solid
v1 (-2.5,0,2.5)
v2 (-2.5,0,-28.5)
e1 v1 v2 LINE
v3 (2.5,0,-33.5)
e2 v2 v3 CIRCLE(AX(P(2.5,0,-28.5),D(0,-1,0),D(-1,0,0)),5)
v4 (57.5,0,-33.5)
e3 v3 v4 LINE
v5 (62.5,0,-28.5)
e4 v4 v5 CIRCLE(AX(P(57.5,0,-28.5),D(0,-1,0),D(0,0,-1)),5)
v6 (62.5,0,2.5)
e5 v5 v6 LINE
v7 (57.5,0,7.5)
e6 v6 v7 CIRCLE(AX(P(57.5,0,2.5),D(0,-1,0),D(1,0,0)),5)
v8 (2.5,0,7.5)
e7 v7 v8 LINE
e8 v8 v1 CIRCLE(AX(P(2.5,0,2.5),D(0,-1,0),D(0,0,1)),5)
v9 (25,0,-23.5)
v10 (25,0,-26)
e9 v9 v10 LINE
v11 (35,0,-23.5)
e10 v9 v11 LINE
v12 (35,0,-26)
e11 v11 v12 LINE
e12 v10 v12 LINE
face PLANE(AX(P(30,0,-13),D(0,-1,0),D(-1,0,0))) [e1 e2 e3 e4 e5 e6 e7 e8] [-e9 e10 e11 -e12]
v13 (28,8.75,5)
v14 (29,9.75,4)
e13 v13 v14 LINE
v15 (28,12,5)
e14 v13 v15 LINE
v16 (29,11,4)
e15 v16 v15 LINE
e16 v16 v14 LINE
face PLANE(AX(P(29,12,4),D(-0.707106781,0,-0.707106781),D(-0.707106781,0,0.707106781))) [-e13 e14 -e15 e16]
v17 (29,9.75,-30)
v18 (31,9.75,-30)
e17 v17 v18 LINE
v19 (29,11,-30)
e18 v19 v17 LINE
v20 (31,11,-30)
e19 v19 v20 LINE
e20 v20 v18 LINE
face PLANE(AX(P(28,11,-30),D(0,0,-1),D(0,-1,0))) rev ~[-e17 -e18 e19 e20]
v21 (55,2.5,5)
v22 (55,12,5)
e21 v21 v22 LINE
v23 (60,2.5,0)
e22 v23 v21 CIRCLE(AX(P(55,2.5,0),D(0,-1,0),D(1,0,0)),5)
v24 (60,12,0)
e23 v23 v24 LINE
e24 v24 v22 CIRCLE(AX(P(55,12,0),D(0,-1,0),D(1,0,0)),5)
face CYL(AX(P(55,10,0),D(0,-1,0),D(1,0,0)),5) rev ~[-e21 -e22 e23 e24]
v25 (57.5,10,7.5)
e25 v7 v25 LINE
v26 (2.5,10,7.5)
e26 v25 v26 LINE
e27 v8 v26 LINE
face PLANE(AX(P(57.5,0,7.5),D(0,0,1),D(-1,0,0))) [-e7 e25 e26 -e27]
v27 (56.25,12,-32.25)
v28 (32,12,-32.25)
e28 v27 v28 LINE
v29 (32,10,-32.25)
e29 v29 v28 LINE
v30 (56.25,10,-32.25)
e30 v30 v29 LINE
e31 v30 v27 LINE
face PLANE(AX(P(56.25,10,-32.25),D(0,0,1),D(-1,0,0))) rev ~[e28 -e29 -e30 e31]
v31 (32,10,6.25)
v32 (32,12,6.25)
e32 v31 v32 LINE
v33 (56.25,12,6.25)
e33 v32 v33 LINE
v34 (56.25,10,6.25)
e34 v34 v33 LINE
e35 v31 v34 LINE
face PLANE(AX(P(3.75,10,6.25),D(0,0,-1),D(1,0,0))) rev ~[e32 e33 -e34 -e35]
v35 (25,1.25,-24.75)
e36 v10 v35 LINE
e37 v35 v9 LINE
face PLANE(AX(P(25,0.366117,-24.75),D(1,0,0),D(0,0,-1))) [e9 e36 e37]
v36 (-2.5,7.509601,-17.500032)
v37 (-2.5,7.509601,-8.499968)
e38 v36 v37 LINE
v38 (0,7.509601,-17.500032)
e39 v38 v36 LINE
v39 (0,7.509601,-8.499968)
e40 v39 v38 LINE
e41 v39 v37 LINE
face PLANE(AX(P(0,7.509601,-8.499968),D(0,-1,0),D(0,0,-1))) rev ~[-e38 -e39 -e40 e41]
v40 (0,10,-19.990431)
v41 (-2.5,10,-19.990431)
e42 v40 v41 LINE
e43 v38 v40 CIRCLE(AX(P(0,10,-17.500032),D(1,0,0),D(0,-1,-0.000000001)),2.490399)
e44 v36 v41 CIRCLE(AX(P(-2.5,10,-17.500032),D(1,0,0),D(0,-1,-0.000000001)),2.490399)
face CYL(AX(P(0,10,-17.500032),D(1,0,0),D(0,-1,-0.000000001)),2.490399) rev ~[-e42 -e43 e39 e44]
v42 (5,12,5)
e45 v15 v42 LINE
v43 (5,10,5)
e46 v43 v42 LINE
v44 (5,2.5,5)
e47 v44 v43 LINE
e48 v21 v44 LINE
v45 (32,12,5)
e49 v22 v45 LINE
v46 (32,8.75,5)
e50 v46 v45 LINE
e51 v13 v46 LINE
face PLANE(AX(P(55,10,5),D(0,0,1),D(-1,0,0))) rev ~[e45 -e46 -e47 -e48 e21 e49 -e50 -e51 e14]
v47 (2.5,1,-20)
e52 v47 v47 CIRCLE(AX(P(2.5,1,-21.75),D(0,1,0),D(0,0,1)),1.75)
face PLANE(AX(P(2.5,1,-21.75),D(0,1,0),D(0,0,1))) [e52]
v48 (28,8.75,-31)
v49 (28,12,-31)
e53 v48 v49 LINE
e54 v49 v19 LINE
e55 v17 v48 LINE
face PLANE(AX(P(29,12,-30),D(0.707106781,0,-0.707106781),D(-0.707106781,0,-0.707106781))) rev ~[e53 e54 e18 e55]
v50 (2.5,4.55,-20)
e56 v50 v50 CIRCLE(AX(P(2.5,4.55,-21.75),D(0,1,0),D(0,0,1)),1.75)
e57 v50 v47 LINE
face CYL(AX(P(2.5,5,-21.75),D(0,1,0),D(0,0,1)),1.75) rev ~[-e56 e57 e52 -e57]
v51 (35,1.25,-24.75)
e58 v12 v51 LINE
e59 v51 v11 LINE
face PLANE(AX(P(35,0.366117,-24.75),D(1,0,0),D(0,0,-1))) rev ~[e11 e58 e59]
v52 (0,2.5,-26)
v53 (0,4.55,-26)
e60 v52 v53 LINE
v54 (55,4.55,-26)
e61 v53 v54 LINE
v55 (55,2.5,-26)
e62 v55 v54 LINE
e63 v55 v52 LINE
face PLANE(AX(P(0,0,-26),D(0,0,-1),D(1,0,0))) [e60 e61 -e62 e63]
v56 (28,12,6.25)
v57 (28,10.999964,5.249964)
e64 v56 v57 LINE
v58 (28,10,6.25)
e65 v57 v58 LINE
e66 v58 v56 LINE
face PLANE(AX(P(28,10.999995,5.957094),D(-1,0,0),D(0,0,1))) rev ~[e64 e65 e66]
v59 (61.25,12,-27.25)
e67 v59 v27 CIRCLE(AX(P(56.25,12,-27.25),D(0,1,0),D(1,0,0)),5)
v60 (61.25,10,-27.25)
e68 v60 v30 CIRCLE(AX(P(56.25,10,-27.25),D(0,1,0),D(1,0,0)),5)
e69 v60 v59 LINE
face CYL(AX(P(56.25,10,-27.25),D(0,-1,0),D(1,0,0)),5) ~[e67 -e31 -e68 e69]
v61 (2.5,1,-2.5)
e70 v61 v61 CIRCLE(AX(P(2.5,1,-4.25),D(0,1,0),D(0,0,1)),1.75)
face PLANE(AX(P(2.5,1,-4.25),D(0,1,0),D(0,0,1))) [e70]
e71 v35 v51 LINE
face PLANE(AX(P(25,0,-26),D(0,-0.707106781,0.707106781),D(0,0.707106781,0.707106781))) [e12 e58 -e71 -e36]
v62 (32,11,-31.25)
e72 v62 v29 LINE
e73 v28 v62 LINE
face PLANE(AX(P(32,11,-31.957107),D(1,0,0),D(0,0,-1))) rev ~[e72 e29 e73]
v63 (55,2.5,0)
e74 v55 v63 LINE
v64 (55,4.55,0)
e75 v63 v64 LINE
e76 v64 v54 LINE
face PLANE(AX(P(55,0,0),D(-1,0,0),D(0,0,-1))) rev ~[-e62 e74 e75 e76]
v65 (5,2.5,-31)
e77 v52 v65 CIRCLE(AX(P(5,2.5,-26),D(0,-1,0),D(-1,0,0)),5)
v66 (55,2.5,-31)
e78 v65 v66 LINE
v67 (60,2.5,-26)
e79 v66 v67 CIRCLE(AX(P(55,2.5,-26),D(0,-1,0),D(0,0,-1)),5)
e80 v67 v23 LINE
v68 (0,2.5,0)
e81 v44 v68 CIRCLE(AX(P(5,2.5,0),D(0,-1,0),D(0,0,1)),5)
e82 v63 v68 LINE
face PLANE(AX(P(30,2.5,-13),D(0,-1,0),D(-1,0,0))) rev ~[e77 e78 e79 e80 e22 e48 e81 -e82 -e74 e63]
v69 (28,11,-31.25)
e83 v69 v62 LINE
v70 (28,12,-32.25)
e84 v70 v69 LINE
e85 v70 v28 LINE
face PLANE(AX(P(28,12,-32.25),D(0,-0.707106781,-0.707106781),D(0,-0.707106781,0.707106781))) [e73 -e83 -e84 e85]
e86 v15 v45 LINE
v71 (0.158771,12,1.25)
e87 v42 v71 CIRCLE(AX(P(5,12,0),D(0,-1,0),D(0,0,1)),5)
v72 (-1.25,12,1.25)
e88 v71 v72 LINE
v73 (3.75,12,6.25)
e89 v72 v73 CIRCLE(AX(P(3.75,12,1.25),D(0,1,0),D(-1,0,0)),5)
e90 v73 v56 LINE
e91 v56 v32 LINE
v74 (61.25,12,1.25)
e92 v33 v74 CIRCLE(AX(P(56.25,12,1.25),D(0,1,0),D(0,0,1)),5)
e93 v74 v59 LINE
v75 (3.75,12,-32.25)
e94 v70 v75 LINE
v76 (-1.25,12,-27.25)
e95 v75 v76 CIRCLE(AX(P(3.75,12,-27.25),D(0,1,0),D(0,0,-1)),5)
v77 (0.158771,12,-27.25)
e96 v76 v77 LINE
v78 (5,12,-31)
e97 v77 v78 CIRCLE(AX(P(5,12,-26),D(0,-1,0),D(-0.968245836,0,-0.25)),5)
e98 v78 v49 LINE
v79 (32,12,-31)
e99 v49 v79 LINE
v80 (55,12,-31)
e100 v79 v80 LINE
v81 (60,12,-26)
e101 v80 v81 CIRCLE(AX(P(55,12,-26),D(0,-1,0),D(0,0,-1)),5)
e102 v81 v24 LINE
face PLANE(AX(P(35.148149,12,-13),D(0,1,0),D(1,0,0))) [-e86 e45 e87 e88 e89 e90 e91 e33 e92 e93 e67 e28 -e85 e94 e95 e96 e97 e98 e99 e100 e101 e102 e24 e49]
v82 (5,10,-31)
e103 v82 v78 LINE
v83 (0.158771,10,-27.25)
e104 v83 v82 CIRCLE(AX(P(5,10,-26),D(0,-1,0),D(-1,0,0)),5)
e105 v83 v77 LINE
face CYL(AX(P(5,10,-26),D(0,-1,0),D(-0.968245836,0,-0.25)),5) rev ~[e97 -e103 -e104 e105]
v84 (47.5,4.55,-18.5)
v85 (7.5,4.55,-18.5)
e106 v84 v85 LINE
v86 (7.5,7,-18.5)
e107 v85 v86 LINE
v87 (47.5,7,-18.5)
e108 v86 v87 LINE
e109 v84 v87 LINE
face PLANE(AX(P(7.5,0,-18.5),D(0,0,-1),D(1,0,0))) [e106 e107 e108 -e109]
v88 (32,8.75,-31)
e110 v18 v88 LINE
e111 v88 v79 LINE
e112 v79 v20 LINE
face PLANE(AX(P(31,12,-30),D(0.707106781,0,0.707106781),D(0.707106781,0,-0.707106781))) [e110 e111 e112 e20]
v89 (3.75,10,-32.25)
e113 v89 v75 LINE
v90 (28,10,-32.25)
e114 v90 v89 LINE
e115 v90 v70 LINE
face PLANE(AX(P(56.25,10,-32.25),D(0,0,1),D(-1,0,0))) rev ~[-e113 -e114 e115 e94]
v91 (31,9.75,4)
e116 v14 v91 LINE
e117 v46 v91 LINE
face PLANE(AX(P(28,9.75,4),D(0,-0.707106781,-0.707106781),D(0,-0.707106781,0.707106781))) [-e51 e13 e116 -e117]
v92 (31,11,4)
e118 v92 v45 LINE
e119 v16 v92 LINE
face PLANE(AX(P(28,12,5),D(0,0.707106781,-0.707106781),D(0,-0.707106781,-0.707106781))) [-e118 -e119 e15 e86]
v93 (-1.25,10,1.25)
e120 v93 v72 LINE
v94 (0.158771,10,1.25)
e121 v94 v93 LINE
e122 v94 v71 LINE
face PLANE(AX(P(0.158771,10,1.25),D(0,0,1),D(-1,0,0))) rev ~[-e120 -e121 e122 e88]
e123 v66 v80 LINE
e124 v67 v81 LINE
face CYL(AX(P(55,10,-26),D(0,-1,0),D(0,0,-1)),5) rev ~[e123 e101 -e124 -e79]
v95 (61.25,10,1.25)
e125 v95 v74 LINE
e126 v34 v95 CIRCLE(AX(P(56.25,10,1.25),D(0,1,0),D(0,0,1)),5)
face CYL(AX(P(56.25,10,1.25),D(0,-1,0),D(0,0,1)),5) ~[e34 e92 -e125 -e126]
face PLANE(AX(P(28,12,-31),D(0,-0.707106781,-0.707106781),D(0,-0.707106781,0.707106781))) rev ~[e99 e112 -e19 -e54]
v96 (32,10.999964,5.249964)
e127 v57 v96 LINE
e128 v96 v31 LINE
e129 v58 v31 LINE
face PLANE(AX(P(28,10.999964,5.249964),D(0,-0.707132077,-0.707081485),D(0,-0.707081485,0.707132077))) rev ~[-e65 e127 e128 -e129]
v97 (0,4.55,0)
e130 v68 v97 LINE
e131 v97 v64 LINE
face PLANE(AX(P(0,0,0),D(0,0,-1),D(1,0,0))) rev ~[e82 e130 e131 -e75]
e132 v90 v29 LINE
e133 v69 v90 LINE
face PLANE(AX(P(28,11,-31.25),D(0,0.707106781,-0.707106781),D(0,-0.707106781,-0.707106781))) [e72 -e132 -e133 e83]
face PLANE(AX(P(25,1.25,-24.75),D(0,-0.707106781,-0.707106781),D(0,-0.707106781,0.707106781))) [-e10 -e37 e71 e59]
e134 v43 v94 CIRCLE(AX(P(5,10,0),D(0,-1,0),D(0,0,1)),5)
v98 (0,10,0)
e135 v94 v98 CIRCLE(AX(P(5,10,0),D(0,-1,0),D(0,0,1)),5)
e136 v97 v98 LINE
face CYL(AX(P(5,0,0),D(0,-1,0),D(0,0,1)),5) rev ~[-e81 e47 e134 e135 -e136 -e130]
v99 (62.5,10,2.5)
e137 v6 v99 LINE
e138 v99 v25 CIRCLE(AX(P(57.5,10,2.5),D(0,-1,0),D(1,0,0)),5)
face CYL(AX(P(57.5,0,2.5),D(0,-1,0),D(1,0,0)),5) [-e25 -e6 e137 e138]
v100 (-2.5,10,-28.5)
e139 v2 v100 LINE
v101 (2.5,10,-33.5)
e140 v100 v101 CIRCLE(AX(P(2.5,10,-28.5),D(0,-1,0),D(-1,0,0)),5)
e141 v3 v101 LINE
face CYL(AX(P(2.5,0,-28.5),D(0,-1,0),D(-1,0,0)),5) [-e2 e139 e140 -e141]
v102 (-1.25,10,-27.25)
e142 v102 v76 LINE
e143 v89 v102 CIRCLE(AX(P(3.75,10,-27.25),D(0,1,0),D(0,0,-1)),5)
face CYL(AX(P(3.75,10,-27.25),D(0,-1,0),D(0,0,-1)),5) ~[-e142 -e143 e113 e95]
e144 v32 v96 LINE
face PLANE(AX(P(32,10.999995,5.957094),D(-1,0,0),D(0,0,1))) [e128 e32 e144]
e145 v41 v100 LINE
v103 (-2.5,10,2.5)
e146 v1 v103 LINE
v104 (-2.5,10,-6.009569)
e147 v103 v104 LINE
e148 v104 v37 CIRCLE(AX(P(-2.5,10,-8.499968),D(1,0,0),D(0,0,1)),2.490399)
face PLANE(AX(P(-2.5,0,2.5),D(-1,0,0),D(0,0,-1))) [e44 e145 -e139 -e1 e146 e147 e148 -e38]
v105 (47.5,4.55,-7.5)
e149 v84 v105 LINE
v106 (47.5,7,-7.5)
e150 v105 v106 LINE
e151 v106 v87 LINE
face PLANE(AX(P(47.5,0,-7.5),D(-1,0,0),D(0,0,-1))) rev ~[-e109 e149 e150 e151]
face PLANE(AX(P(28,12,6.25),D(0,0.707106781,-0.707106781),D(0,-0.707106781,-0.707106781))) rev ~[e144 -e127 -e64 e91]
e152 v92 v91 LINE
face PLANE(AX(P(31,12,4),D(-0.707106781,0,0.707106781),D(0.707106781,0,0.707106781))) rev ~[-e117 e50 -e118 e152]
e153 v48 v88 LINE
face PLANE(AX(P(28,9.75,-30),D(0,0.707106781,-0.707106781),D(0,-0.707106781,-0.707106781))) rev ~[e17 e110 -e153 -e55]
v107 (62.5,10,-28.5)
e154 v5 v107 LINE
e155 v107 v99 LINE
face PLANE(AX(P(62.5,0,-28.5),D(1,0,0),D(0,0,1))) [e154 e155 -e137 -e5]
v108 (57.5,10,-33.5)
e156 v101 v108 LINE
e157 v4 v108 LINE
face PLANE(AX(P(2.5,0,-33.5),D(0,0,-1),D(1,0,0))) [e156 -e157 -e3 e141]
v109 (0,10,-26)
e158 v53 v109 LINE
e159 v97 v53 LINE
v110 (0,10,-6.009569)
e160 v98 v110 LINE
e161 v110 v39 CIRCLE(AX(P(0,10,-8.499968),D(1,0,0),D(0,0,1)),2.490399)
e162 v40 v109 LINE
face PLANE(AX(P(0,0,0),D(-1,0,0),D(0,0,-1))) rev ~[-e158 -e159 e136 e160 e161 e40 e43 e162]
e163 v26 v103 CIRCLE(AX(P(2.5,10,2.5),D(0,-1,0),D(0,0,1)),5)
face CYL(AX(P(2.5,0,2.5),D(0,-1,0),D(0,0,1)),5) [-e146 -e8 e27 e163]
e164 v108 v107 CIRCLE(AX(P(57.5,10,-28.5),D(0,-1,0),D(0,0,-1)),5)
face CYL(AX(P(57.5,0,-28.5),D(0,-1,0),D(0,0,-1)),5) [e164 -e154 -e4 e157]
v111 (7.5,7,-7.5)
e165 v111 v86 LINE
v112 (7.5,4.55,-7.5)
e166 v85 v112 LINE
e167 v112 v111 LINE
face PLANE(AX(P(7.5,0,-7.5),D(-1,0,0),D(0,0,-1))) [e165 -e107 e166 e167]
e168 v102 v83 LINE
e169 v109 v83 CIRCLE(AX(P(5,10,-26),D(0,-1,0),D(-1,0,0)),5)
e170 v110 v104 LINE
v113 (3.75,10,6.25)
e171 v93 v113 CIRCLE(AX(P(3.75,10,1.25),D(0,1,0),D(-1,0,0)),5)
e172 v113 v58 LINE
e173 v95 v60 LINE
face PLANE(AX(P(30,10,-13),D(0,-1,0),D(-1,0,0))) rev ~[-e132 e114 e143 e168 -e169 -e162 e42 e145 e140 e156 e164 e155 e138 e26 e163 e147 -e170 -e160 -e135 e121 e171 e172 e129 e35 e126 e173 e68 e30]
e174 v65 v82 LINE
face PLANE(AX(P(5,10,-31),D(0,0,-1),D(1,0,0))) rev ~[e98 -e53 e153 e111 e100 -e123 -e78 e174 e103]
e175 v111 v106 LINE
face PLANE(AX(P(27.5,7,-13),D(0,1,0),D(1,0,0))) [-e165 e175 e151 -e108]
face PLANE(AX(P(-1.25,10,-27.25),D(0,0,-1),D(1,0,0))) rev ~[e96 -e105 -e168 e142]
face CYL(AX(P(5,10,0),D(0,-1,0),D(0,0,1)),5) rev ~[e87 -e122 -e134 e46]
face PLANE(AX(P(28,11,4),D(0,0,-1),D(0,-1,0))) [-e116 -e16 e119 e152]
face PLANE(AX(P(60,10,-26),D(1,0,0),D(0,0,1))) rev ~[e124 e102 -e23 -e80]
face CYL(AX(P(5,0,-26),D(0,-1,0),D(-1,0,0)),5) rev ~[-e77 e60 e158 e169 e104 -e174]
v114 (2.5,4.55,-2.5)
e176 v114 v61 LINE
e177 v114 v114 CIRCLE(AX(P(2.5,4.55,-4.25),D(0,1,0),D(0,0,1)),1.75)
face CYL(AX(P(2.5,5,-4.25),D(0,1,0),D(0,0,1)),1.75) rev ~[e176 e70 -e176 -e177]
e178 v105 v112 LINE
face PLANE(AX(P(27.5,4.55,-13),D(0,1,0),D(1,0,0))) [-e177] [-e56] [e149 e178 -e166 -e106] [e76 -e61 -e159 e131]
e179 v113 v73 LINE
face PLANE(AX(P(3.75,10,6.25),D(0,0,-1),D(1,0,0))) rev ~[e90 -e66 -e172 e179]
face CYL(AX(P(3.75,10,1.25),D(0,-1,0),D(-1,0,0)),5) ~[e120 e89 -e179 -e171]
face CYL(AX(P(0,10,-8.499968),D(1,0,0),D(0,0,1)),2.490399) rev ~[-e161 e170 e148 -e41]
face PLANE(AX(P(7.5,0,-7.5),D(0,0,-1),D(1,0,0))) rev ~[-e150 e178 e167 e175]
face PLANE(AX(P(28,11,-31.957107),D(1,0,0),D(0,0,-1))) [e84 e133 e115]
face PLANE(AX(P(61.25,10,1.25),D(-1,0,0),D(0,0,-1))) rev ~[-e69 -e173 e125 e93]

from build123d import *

# Parameters (mm, degrees)
SKETCH2_W                 = 55
SKETCH2_H                 = 26
BOSS_EXTRUDE3_DEPTH       = 4.55
SKETCH4_W                 = 40
SKETCH4_H                 = 11
BOSS_EXTRUDE5_DEPTH       = 7
BOSS_EXTRUDE6_DEPTH       = 2.5
BOSS_EXTRUDE7_DEPTH       = 10
BOSS_EXTRUDE9_DEPTH       = 2
BOSS_EXTRUDE10_DEPTH      = 2
BOSS_EXTRUDE10_DEPTH_BACK = 2
CUT_EXTRUDE2_DEPTH        = 2
CUT_EXTRUDE2_DEPTH_BACK   = 2
CUT_EXTRUDE3_DEPTH        = 4
CUT_EXTRUDE4_DEPTH        = 5
CUT_EXTRUDE4_DEPTH_BACK   = 5
CUT_EXTRUDE6_DEPTH        = 10
SKETCH14_R                = 1.75
CUT_EXTRUDE7_DEPTH        = 4


with BuildPart() as part:
    # Sketch2 → Boss-Extrude3 (new body)
    with BuildSketch(Plane(origin=(0, 0, 0), x_dir=(1, 0, 0), z_dir=(0, 1, 0))):
        with Locations((27.5, 13)):
            Rectangle(SKETCH2_W, SKETCH2_H)
    extrude(amount=BOSS_EXTRUDE3_DEPTH)

    # Sketch4 → Boss-Extrude5 (add)
    with BuildSketch(Plane(origin=(0, 0, 0), x_dir=(1, 0, 0), z_dir=(0, 1, 0))):
        with Locations((27.5, 13)):
            Rectangle(SKETCH4_W, SKETCH4_H)
    extrude(amount=BOSS_EXTRUDE5_DEPTH)

    # Sketch5 → Boss-Extrude6 (add)
    with BuildSketch(Plane(origin=(0, 0, 0), x_dir=(1, 0, 0), z_dir=(0, 1, 0))):
        with BuildLine():
            Line((5, 31), (55, 31))
            ThreePointArc((55, 31), (58.535533906, 29.535533906), (60, 26))
            Line((60, 26), (60, 0))
            ThreePointArc((60, 0), (58.535533906, -3.535533906), (55, -5))
            Line((55, -5), (5, -5))
            ThreePointArc((5, -5), (1.464466094, -3.535533906), (0, 0))
            Line((0, 0), (0, 26))
            ThreePointArc((0, 26), (1.464466094, 29.535533906), (5, 31))
        make_face()
    extrude(amount=BOSS_EXTRUDE6_DEPTH)

    # Sketch6 → Boss-Extrude7 (add)
    with BuildSketch(Plane(origin=(0, 0, 0), x_dir=(1, 0, 0), z_dir=(0, 1, 0))):
        with BuildLine():
            Line((2.5, 33.5), (57.5, 33.5))
            ThreePointArc((57.5, 33.5), (61.035533906, 32.035533906), (62.5, 28.5))
            Line((62.5, 28.5), (62.5, -2.5))
            ThreePointArc((62.5, -2.5), (61.035533906, -6.035533906), (57.5, -7.5))
            Line((57.5, -7.5), (2.5, -7.5))
            ThreePointArc((2.5, -7.5), (-1.035533906, -6.035533906), (-2.5, -2.5))
            Line((-2.5, -2.5), (-2.5, 28.5))
            ThreePointArc((-2.5, 28.5), (-1.035533906, 32.035533906), (2.5, 33.5))
        make_face()
        with BuildLine():
            Line((5, 31), (55, 31))
            ThreePointArc((55, 31), (58.535533906, 29.535533906), (60, 26))
            Line((60, 26), (60, 0))
            ThreePointArc((60, 0), (58.535533906, -3.535533906), (55, -5))
            Line((55, -5), (5, -5))
            ThreePointArc((5, -5), (1.464466094, -3.535533906), (0, 0))
            Line((0, 0), (0, 26))
            ThreePointArc((0, 26), (1.464466094, 29.535533906), (5, 31))
        make_face(mode=Mode.SUBTRACT)
    extrude(amount=BOSS_EXTRUDE7_DEPTH)

    # Sketch8 → Boss-Extrude9 (add)
    with BuildSketch(Plane(origin=(0, 10, 0), x_dir=(1, 0, 0), z_dir=(0, 1, 0))):
        with BuildLine():
            Line((56.25, 32.25), (3.75, 32.25))
            ThreePointArc((3.75, 32.25), (0.214466094, 30.785533906), (-1.25, 27.25))
            Line((-1.25, 27.25), (0.158770817, 27.25))
            ThreePointArc((0.158770817, 27.25), (1.938137822, 29.952847075), (5, 31))
            Line((5, 31), (55, 31))
            ThreePointArc((55, 31), (58.535533906, 29.535533906), (60, 26))
            Line((60, 26), (60, 0))
            ThreePointArc((60, 0), (58.535533906, -3.535533906), (55, -5))
            Line((55, -5), (5, -5))
            ThreePointArc((5, -5), (1.938137822, -3.952847075), (0.158770817, -1.25))
            Line((0.158770817, -1.25), (-1.25, -1.25))
            ThreePointArc((-1.25, -1.25), (0.214466094, -4.785533906), (3.75, -6.25))
            Line((3.75, -6.25), (56.25, -6.25))
            ThreePointArc((56.25, -6.25), (59.785533906, -4.785533906), (61.25, -1.25))
            Line((61.25, -1.25), (61.25, 27.25))
            ThreePointArc((61.25, 27.25), (59.785533906, 30.785533906), (56.25, 32.25))
        make_face()
    extrude(amount=BOSS_EXTRUDE9_DEPTH)

    # Sketch9 → Boss-Extrude10 (add, two sides: drawn at the far end of the back side and taken through both)
    with BuildSketch(Plane(origin=(30, 0, 0), x_dir=(0, 0, -1), z_dir=(1, 0, 0)).offset(-BOSS_EXTRUDE10_DEPTH_BACK)):
        Polygon((-5, 12), (-4, 11), (-4, 9.75), (-5, 8.75), align=None)
        Polygon((31, 12), (30, 11), (30, 9.75), (31, 8.75), align=None)
    extrude(amount=BOSS_EXTRUDE10_DEPTH + BOSS_EXTRUDE10_DEPTH_BACK)

    # Sketch10 → Cut-Extrude2 (cut, two sides: drawn at the far end of the back side and taken through both)
    with BuildSketch(Plane(origin=(30, 0, 0), x_dir=(0, 0, -1), z_dir=(1, 0, 0)).offset(-CUT_EXTRUDE2_DEPTH_BACK)):
        Polygon((-6.25, 12), (-5.249964226, 10.999964226), (-6.25, 10), align=None)
        Polygon((32.25, 12), (31.25, 11), (32.25, 10), align=None)
    extrude(amount=CUT_EXTRUDE2_DEPTH + CUT_EXTRUDE2_DEPTH_BACK, mode=Mode.SUBTRACT)

    # Sketch11 → Cut-Extrude3 (cut)
    with BuildSketch(Plane(origin=(0, 12, 0), x_dir=(1, 0, 0), z_dir=(0, 1, 0))):
        Polygon((32, 31), (32, 30), (31, 30), align=None)
        Polygon((28, 31), (28, 30), (29, 30), align=None)
        Polygon((28, -5), (28, -4), (29, -4), align=None)
        Polygon((32, -5), (32, -4), (31, -4), align=None)
    extrude(amount=-CUT_EXTRUDE3_DEPTH, mode=Mode.SUBTRACT)

    # Sketch12 → Cut-Extrude4 (cut, two sides: drawn at the far end of the back side and taken through both)
    with BuildSketch(Plane(origin=(30, 0, 0), x_dir=(0, 0, -1), z_dir=(1, 0, 0)).offset(-CUT_EXTRUDE4_DEPTH_BACK)):
        Polygon((23.5, 0), (26, 0), (24.75, 1.25), align=None)
    extrude(amount=CUT_EXTRUDE4_DEPTH + CUT_EXTRUDE4_DEPTH_BACK, mode=Mode.SUBTRACT)

    # Sketch7 → Cut-Extrude6 (cut)
    with BuildSketch(Plane(origin=(0, 0, 0), x_dir=(0, 0, -1), z_dir=(1, 0, 0))):
        with BuildLine():
            Line((13, 10), (19.990431296, 10))
            ThreePointArc((19.990431296, 10), (19.261010337, 11.760977972), (17.500032365, 12.490398932))
            Line((17.500032365, 12.490398932), (8.499967635, 12.490398932))
            ThreePointArc((8.499967635, 12.490398932), (6.738989663, 11.760977972), (6.009568704, 10))
            Line((6.009568704, 10), (13, 10))
        make_face()
        with BuildLine():
            ThreePointArc((17.500032365, 7.509601068), (19.261010337, 8.239022028), (19.990431296, 10))
            Line((19.990431296, 10), (13, 10))
            Line((13, 10), (6.009568704, 10))
            ThreePointArc((6.009568704, 10), (6.738989663, 8.239022028), (8.499967635, 7.509601068))
            Line((8.499967635, 7.509601068), (17.500032365, 7.509601068))
        make_face()
    extrude(amount=-CUT_EXTRUDE6_DEPTH, mode=Mode.SUBTRACT)

    # Sketch14 → Cut-Extrude7 (cut)
    with BuildSketch(Plane(origin=(0, 5, 0), x_dir=(1, 0, 0), z_dir=(0, 1, 0))):
        with Locations(Location((2.5, 21.75, 0), (0, 0, 270))):
            Circle(SKETCH14_R)
        with Locations(Location((2.5, 4.25, 0), (0, 0, 270))):
            Circle(SKETCH14_R)
    extrude(amount=-CUT_EXTRUDE7_DEPTH, mode=Mode.SUBTRACT)


solid = part.part
